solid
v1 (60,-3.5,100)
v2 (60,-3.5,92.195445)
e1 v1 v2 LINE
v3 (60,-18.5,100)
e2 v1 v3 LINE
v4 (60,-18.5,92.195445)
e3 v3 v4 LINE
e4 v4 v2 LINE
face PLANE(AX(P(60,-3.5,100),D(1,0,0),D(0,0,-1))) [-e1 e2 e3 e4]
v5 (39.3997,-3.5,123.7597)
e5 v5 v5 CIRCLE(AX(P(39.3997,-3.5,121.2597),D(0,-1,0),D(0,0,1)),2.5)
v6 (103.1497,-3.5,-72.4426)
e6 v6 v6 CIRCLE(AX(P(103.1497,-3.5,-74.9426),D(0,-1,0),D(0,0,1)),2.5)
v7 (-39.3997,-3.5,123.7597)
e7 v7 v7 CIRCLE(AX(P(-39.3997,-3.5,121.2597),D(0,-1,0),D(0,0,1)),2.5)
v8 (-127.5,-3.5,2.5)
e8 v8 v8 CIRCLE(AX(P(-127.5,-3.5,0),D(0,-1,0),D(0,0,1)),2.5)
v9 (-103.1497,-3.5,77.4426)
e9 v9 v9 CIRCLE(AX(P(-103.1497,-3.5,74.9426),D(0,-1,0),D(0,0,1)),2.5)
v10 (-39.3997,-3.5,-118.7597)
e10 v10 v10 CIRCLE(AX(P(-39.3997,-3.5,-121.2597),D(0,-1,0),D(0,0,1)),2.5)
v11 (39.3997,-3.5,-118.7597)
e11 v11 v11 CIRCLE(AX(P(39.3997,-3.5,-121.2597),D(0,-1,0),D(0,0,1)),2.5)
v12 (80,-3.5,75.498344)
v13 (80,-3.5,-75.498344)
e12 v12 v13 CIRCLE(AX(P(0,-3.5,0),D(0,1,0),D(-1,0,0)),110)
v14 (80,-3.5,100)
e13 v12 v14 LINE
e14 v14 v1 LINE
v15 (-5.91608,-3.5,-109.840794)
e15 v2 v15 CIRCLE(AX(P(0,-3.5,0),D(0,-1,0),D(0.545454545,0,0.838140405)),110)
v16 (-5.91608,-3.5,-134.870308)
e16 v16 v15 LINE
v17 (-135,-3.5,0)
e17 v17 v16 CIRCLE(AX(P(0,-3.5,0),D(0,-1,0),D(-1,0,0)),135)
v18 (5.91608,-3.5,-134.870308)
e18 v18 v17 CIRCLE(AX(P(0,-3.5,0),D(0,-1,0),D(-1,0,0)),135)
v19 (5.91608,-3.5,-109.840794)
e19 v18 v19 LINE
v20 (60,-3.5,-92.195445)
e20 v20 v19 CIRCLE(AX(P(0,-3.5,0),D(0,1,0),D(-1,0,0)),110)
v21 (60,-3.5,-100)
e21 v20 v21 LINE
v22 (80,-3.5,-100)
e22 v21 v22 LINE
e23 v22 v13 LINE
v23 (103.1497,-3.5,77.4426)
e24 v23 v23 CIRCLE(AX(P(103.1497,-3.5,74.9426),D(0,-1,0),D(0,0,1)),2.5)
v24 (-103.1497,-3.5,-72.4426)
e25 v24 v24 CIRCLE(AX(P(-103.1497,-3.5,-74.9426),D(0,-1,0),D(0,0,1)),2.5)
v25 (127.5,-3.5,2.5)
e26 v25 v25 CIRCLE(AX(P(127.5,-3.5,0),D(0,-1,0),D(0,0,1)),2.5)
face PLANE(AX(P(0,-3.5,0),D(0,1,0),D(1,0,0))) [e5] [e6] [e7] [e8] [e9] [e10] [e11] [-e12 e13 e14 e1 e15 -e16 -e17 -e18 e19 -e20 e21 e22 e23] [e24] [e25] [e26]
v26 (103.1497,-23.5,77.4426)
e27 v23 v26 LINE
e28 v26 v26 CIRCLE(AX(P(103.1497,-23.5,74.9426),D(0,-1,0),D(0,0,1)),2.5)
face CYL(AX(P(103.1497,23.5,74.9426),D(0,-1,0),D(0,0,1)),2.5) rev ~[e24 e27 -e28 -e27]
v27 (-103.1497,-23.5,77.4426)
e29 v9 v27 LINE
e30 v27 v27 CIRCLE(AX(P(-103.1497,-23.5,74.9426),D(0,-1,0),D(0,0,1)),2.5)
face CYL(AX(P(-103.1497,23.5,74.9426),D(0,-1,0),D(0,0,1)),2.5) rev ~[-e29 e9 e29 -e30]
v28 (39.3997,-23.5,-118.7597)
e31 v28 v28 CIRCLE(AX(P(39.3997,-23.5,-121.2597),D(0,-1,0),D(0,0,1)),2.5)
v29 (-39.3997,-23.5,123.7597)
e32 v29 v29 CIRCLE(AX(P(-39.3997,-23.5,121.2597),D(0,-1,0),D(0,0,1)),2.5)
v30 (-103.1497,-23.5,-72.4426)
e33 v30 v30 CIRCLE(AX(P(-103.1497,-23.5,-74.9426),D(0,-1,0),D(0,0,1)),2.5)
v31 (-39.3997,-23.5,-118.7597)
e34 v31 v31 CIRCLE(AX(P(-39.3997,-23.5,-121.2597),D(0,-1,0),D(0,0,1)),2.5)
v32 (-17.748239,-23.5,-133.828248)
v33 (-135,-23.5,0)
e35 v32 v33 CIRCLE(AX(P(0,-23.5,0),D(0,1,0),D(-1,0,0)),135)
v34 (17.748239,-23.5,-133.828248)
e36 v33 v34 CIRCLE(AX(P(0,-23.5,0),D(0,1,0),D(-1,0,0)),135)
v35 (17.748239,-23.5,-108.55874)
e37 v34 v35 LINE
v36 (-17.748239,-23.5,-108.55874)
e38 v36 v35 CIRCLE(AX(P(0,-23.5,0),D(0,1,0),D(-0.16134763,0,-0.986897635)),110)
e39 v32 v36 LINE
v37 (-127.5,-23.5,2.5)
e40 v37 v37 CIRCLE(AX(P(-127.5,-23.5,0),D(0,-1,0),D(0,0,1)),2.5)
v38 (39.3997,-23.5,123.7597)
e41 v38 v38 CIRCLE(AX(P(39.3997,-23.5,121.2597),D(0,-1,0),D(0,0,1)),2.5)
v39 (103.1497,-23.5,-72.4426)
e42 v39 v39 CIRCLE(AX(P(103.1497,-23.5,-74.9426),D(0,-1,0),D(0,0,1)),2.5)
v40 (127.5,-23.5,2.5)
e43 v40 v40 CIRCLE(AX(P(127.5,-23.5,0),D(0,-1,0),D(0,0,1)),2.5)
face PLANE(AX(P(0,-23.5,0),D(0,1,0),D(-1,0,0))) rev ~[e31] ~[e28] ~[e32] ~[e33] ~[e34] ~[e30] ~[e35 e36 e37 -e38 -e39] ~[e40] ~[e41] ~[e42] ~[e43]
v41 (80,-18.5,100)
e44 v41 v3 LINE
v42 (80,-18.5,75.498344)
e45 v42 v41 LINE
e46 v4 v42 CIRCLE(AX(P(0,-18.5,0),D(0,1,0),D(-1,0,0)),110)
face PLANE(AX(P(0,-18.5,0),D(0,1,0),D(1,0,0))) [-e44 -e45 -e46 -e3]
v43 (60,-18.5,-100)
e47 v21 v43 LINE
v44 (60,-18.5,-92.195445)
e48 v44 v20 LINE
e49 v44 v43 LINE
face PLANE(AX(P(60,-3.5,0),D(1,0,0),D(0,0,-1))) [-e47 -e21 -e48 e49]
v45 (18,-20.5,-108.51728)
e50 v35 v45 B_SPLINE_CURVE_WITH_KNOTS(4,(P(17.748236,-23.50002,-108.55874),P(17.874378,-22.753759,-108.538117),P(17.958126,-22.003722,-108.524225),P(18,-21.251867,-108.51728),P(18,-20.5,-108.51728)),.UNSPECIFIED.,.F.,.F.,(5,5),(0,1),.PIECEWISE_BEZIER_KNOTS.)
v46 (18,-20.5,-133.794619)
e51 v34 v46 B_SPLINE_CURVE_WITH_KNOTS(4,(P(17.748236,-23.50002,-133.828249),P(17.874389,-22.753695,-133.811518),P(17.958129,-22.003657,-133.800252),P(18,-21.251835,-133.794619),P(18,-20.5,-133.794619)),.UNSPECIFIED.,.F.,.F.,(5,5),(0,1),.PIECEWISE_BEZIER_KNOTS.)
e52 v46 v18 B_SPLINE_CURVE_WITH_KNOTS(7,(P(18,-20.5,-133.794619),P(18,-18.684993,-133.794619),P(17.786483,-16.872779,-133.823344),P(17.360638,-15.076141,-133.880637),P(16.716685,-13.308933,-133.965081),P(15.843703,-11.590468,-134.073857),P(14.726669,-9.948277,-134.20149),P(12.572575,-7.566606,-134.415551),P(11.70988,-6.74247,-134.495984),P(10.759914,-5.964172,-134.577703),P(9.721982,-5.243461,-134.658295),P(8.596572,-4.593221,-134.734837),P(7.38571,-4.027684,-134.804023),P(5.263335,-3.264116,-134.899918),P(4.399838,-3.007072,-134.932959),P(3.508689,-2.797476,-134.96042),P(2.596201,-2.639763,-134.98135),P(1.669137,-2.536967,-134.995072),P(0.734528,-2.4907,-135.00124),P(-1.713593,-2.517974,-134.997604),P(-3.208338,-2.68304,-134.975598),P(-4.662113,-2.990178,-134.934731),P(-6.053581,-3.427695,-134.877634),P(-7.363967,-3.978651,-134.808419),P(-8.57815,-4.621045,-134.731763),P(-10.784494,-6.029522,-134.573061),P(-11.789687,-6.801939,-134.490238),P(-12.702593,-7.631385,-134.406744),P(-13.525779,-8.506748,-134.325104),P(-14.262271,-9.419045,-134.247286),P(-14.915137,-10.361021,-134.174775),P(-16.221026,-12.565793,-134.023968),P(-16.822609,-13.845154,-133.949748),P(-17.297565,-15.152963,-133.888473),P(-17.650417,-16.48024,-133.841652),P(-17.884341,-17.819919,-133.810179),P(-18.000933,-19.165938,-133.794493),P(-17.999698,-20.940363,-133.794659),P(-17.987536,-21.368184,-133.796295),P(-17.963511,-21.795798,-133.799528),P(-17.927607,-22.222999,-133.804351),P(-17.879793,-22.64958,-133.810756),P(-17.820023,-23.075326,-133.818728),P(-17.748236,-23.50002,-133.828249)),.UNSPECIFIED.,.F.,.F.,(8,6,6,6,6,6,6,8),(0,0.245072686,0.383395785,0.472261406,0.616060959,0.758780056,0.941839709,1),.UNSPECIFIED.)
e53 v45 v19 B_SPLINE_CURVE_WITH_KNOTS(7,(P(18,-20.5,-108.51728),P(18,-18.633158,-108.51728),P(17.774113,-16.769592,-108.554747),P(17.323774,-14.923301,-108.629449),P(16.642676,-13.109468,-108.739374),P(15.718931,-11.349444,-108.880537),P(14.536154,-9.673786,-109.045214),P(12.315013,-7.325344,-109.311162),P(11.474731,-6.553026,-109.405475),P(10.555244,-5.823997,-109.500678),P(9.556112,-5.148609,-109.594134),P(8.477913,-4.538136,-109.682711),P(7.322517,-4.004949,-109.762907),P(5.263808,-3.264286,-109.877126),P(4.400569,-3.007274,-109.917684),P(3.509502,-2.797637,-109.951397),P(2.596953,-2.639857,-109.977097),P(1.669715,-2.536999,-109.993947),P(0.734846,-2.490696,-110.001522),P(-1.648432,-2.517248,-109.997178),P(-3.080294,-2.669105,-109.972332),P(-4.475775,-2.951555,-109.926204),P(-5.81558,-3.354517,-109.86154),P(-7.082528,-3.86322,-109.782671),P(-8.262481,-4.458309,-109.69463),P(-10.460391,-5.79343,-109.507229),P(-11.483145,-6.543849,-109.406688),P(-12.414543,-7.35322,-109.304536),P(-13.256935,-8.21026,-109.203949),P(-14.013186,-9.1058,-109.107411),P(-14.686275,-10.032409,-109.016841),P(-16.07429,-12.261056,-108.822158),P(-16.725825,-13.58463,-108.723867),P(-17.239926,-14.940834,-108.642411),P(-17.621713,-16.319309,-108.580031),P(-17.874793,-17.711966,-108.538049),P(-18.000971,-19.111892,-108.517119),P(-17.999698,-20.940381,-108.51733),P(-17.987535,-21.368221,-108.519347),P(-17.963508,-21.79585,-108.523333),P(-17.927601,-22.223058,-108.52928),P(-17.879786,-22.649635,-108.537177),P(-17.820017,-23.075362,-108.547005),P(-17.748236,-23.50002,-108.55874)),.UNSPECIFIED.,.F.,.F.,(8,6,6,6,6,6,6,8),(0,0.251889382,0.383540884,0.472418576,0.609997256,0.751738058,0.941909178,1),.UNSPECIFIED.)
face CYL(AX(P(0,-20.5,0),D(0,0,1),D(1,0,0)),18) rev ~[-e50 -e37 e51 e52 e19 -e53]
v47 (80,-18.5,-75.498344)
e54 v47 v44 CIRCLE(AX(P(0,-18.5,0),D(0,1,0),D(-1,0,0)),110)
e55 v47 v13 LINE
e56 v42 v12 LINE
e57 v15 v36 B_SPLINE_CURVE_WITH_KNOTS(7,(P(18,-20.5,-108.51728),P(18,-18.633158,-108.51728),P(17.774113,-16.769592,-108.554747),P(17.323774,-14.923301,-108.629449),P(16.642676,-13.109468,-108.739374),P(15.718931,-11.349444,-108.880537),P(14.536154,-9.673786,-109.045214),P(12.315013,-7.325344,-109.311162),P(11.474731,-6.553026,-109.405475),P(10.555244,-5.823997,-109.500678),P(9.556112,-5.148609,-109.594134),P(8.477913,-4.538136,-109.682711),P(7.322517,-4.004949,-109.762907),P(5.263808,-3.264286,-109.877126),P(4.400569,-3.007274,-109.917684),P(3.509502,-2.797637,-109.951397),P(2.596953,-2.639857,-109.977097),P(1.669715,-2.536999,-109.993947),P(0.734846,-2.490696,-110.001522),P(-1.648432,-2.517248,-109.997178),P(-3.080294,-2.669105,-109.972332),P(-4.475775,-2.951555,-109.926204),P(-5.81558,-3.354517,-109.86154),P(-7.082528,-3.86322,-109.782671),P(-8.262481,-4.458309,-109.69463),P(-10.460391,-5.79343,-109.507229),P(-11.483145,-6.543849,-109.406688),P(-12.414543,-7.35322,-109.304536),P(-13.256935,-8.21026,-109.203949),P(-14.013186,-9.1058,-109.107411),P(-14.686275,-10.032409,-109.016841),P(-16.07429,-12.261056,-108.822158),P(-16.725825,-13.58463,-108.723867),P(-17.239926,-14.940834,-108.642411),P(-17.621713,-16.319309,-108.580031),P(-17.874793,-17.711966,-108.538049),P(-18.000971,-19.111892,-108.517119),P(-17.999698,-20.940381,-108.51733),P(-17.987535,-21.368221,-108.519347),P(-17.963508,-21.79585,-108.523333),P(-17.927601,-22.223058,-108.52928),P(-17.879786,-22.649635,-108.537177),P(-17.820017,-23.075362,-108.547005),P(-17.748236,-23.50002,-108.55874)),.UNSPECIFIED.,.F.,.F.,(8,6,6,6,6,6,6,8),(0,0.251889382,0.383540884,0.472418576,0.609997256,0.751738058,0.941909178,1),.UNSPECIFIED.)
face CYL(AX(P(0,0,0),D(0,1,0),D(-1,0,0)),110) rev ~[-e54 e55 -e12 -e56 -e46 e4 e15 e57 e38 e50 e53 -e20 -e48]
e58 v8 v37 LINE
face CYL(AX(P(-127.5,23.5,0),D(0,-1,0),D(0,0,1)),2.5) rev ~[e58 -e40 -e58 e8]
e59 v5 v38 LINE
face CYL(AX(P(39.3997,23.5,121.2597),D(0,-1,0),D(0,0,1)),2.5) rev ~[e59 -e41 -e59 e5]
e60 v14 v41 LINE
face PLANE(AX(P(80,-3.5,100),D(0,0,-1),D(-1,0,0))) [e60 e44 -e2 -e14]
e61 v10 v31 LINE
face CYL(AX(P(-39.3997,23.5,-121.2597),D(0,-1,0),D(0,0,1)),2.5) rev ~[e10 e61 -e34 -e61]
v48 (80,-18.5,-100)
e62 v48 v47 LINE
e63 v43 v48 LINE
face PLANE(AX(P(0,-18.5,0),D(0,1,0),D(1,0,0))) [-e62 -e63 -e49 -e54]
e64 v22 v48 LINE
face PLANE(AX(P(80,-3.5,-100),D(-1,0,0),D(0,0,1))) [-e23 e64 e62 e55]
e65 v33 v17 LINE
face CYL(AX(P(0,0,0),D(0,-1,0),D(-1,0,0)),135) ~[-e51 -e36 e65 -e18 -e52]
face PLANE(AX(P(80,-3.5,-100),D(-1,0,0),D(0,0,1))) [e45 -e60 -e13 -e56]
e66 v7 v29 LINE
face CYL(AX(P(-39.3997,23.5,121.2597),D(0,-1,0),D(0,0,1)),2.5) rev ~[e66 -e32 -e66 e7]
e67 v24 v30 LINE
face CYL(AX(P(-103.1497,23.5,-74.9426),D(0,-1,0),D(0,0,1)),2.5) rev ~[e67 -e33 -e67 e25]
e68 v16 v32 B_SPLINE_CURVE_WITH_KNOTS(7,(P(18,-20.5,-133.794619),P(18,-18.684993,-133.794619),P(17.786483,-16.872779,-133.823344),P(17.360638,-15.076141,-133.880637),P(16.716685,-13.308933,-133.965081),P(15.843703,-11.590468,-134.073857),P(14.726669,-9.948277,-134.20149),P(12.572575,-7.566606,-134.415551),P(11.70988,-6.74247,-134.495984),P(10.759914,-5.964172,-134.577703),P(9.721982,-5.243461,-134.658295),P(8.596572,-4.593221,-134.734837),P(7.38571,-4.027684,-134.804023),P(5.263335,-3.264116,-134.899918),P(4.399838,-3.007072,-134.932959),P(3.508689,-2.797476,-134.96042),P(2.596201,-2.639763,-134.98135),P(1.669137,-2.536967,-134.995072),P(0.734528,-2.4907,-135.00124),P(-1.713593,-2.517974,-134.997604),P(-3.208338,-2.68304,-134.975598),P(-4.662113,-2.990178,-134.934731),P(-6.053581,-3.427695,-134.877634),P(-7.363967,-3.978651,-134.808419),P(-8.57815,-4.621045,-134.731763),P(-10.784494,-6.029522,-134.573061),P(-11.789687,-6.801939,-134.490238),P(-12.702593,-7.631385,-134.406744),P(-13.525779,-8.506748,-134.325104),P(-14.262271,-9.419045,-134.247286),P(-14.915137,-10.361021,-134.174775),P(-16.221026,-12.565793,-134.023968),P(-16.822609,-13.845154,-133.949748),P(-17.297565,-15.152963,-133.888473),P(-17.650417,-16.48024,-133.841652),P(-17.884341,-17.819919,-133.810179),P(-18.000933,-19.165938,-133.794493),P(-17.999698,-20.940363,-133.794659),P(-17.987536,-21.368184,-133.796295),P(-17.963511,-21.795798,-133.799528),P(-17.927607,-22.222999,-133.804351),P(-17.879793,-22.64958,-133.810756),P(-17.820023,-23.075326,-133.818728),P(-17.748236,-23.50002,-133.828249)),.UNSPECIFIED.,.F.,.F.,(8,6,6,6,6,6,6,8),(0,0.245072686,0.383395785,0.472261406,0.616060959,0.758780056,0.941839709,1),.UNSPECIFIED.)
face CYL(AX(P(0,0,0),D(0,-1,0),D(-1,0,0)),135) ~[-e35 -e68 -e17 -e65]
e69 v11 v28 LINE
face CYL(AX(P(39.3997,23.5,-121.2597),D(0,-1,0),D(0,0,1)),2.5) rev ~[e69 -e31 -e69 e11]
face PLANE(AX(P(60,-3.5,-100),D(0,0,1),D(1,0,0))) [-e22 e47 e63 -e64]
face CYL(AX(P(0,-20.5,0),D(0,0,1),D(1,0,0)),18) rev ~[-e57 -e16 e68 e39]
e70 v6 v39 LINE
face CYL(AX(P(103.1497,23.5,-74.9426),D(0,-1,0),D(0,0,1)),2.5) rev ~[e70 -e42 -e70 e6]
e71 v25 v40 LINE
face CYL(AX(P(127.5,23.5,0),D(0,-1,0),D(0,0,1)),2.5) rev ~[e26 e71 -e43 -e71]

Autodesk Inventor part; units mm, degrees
ref_plane "YZ Plane" through (0, 0, 0) normal (1, 0, 0) x (0, 1, 0)
ref_plane "XZ Plane" through (0, 0, 0) normal (0, 1, 0) x (-1, 0, 0)
ref_plane "XY Plane" through (0, 0, 0) normal (0, 0, 1) x (1, 0, 0)
sketch "Sketch1" plane through (0, 0, 0) normal (0, 1, 0) x (-1, 0, 0)
  circle A0 centre (0, 0) radius 135
  circle A1 centre (0, 0) radius 110
  dimension "d0" = 270
  dimension "d1" = 220
extrude "Extrusion1" add sketch "Sketch1" along normal mid plane 47
sketch "Sketch2" plane through (0, 0, 0) normal (0, 0, 1) x (1, 0, 0)
  circle A0 centre (0, -20.5) radius 18
  line L0 (-135, -23.5) -> (135, -23.5) projected
  dimension "d4" = 36
  dimension "d38" = 3
extrude "Extrusion2" cut sketch "Sketch2" against normal through all
sketch "Sketch3" plane through (0, 23.5, 0) normal (0, 1, 0) x (1, 0, 0)
  circle A0 centre (0, 0) radius 127.5
  circle A1 centre (-127.5, 0) radius 2
  circle A2 centre (-103.1497, -74.9426) radius 2
  circle A3 centre (-39.3997, -121.2597) radius 2
  circle A4 centre (39.3997, -121.2597) radius 2
  circle A5 centre (103.1497, -74.9426) radius 2
  circle A6 centre (127.5, 0) radius 2
  circle A7 centre (103.1497, 74.9426) radius 2
  circle A8 centre (39.3997, 121.2597) radius 2
  circle A9 centre (-39.3997, 121.2597) radius 2
  circle A10 centre (-103.1497, 74.9426) radius 2
  dimension "d7" = 255
  dimension "d8" = 4
  dimension "d11" = 360
hole "Hole1" at (39.3997, 23.5, 121.2597) at (-39.3997, 23.5, 121.2597) at (-103.1497, 23.5, 74.9426) at (-127.5, 23.5, 0) at (-103.1497, 23.5, -74.9426) at (-39.3997, 23.5, -121.2597) at (39.3997, 23.5, -121.2597) at (103.1497, 23.5, -74.9426) at (127.5, 23.5, 0) at (103.1497, 23.5, 74.9426) direction (0, -1, 0) diameter 5 end through all
sketch "Sketch4" plane through (0, 23.5, 0) normal (0, 1, 0) x (1, 0, 0)
  circle A0 centre (0, 0) radius 140
extrude "Extrusion3" cut sketch "Sketch4" against normal blind 27
sketch "Sketch7" plane through (0, -3.5, 0) normal (0, 1, 0) x (1, 0, 0)
  line L0 (0, 0) -> (70, 0)
  line L1 (80, -100) -> (60, -100)
  line L2 (60, -100) -> (60, 100)
  line L3 (60, 100) -> (80, 100)
  line L4 (80, 100) -> (80, -100)
  line L5 (80, -100) -> (60, 100) construction
  line L6 (60, -100) -> (80, 100) construction
  dimension "d39" = 70
  dimension "d40" = 20
  dimension "d41" = 200
extrude "Extrusion7" cut sketch "Sketch7" against normal blind 15
properties part number "Cylinder Spacer Bottom"
